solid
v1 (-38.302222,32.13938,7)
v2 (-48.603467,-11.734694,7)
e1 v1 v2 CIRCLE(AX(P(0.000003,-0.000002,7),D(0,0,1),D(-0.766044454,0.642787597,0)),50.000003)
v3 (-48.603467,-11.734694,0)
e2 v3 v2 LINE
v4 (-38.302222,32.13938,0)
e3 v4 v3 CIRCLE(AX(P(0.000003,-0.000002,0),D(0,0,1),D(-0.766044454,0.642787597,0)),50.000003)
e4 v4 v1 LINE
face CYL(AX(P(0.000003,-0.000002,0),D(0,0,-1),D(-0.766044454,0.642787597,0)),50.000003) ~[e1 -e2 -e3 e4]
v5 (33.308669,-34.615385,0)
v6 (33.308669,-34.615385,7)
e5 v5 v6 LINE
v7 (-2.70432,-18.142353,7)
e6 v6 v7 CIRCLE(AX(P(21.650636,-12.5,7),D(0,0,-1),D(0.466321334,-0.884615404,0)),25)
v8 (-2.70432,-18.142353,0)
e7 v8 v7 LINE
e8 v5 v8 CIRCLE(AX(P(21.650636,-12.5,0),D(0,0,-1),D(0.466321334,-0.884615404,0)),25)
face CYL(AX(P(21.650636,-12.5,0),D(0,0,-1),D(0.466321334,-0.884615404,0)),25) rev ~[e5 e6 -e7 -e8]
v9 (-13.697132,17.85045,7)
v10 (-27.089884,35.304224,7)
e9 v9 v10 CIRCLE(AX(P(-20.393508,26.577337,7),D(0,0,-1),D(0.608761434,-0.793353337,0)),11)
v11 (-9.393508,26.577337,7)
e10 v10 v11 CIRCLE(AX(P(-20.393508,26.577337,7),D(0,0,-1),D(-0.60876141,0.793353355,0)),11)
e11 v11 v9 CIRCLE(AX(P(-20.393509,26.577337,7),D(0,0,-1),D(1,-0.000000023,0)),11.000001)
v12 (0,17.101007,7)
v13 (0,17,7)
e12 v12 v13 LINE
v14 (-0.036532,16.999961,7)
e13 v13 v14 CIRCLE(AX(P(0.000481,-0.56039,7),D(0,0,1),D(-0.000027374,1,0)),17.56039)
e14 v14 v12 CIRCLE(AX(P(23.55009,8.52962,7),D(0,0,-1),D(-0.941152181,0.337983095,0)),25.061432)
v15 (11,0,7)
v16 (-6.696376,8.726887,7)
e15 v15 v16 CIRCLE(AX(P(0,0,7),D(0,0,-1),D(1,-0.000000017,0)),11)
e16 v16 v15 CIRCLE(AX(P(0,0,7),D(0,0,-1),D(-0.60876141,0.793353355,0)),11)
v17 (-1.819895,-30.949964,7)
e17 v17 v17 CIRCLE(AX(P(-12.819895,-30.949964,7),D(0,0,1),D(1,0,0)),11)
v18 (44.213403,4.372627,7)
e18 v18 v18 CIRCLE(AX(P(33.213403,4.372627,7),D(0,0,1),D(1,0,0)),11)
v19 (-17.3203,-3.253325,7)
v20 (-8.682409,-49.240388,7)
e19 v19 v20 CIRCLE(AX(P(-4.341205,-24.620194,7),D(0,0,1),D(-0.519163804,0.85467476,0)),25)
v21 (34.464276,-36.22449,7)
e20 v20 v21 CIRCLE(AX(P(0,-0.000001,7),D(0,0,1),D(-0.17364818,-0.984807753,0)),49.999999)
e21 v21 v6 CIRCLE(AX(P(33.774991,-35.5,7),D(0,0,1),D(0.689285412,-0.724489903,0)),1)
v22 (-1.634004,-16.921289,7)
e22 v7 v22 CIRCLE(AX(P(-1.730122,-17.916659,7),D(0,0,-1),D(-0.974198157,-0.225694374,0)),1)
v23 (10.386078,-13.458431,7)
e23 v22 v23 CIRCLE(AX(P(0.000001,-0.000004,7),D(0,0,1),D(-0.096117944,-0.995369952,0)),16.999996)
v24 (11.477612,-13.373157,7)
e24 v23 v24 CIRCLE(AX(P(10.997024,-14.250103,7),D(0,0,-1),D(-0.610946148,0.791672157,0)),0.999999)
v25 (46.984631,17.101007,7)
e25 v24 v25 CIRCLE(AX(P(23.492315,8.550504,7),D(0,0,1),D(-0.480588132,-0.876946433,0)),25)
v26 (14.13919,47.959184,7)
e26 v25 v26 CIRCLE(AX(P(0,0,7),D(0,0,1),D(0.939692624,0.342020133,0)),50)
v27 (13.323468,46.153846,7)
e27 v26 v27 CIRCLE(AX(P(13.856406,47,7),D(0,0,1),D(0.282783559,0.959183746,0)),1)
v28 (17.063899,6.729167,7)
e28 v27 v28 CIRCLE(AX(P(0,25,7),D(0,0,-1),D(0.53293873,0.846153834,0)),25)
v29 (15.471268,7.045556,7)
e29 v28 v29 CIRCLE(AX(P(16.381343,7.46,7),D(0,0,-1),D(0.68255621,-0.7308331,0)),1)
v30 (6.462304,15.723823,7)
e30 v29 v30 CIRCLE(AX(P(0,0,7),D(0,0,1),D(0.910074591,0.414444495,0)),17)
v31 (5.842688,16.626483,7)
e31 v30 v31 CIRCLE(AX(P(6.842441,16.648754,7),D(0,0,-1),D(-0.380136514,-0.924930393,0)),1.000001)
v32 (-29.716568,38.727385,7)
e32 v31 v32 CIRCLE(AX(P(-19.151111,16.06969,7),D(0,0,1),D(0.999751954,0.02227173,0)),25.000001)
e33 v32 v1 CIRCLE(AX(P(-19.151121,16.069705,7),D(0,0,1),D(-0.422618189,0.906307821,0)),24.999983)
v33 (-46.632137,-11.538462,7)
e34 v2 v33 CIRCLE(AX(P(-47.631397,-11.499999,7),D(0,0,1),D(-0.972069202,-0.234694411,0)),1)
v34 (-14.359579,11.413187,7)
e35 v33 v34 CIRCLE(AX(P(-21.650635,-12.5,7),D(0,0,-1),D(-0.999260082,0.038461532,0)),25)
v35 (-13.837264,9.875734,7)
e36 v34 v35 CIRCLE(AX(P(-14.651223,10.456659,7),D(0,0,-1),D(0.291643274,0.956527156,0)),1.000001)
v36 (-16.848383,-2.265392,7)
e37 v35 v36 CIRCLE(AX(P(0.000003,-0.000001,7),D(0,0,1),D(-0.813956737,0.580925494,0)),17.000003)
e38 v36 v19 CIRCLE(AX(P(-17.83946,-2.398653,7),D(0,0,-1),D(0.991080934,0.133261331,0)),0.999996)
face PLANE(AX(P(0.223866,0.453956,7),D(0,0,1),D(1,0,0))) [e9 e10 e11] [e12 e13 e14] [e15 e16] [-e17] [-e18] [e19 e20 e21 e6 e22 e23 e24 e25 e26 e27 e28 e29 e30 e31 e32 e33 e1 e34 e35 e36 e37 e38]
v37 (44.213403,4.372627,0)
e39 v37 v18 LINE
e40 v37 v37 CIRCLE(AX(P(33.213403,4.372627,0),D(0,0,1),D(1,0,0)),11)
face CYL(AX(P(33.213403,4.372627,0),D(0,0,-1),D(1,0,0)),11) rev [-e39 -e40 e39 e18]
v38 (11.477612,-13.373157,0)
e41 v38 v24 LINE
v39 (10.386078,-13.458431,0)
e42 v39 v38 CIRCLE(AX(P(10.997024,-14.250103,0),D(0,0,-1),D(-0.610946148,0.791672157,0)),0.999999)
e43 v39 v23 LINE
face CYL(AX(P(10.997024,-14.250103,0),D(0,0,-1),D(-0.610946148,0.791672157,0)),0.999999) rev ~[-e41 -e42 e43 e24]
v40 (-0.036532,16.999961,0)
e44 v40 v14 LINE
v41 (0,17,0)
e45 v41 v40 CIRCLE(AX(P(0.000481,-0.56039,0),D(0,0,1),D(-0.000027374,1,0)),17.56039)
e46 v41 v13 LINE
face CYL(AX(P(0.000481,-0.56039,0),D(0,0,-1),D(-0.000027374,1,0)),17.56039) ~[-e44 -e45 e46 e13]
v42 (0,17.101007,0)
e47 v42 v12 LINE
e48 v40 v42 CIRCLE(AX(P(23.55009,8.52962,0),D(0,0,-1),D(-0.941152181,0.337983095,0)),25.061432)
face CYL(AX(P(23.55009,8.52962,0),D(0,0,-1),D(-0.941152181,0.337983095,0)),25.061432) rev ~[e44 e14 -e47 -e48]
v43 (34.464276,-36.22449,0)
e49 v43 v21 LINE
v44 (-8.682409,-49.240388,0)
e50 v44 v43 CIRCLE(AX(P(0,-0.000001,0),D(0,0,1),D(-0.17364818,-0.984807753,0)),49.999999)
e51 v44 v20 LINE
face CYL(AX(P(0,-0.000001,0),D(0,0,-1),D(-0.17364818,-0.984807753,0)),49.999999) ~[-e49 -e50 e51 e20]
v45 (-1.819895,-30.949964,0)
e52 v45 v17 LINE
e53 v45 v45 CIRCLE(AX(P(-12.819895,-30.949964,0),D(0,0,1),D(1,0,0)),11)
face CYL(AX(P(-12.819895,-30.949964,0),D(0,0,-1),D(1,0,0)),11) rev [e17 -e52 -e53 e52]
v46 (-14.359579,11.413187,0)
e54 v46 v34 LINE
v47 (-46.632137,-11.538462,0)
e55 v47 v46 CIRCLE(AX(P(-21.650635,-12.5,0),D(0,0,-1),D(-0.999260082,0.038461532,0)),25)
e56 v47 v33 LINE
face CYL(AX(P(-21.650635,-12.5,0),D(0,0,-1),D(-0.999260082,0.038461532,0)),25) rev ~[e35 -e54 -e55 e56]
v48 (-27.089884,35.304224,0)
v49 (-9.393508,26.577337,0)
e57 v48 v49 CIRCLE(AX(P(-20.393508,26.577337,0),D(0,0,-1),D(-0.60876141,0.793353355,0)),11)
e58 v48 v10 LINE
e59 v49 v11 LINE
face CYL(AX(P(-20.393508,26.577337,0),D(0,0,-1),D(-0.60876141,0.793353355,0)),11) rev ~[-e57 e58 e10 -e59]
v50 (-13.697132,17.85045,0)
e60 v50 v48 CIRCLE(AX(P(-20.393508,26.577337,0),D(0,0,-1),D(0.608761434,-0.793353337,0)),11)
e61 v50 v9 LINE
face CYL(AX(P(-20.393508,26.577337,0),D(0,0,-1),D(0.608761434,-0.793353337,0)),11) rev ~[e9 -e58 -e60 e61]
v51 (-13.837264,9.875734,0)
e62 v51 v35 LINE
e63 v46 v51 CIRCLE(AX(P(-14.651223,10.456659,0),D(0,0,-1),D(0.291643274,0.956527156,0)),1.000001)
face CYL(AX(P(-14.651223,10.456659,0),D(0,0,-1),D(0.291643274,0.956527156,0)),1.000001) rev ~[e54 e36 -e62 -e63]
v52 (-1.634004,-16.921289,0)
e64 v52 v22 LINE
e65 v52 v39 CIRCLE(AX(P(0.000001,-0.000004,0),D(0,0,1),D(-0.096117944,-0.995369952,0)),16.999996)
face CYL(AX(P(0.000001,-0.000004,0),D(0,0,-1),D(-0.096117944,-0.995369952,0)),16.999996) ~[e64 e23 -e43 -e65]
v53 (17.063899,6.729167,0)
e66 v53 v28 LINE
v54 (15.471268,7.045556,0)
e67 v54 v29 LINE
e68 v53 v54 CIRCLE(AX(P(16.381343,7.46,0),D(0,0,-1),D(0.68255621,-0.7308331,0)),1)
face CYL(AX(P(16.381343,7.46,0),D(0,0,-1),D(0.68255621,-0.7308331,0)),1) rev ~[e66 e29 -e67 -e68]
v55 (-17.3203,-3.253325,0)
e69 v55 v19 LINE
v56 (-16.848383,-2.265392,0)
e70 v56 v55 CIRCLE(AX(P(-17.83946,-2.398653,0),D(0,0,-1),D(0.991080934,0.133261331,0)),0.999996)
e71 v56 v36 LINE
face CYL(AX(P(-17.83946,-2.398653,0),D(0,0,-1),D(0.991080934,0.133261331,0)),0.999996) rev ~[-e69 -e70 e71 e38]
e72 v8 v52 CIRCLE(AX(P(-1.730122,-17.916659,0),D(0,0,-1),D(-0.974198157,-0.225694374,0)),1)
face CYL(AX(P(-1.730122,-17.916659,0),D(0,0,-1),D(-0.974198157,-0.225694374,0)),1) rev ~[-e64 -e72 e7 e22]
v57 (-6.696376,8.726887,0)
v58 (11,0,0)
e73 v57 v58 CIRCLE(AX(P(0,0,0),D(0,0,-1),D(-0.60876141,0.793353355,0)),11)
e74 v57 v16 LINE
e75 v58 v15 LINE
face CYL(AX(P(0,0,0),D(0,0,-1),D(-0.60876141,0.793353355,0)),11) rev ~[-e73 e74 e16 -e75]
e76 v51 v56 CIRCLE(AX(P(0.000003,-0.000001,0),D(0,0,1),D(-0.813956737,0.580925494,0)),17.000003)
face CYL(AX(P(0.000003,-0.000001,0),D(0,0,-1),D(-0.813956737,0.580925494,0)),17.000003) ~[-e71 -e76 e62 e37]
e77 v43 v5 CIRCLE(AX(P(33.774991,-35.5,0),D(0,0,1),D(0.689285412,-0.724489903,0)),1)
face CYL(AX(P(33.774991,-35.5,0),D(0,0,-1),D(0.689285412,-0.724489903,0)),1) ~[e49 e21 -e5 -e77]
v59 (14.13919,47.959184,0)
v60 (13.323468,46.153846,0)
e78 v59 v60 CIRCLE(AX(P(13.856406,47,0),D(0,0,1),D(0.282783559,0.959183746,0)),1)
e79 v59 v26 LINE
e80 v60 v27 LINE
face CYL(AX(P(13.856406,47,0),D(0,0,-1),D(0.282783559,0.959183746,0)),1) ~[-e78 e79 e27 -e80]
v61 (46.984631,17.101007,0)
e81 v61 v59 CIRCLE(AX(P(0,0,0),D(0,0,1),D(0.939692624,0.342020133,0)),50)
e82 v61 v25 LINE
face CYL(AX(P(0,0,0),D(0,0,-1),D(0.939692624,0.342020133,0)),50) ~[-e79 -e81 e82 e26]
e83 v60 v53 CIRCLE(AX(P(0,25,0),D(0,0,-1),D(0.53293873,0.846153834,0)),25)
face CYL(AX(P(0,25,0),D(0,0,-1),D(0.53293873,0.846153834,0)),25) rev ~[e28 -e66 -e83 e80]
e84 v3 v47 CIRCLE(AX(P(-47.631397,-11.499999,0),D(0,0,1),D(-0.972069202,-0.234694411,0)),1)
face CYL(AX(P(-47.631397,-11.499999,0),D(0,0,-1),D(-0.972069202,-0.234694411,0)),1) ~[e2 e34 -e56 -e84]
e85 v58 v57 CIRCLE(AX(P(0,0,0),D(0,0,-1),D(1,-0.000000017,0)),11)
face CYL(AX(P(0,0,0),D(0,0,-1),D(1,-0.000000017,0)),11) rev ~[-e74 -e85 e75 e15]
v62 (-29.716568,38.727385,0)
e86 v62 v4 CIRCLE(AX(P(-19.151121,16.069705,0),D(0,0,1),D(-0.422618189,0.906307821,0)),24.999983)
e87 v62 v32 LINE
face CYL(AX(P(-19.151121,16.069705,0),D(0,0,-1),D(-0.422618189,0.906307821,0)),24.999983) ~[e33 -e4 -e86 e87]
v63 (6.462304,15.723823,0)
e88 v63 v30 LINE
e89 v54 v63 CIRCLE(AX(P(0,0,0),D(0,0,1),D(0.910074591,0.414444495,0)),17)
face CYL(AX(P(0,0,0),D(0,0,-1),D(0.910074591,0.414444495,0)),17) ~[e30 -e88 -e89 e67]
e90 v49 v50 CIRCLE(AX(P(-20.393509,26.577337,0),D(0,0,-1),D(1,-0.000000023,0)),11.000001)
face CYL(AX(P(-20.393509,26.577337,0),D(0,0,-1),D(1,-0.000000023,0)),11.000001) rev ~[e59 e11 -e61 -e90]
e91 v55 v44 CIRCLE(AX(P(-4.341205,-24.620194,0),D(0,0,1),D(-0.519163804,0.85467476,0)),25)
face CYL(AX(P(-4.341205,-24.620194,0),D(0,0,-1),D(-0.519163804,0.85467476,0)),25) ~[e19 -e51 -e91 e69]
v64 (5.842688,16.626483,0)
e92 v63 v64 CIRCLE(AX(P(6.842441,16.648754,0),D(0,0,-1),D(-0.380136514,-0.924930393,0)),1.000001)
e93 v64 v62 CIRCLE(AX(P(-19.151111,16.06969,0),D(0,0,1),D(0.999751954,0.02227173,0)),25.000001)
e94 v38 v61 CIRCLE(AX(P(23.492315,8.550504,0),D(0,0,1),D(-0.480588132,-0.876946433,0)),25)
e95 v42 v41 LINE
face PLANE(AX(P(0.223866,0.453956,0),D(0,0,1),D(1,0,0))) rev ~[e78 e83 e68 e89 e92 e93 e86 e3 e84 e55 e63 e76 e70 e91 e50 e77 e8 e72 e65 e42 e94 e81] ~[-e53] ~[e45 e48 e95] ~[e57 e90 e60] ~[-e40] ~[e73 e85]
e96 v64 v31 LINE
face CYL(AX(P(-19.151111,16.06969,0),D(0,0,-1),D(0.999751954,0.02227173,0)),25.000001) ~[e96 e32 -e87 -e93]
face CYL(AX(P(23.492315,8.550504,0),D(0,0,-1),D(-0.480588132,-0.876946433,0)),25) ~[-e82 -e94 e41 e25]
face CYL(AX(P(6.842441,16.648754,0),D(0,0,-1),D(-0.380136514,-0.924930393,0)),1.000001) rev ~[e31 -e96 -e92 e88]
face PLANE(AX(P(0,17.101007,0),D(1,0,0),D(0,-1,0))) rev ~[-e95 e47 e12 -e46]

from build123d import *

# Parameters (mm, degrees)
F0_R     = 11
F1_DEPTH = 7


with BuildPart() as f1:
    # F0 (on Top) → F1 (new body)
    with BuildSketch(Plane.XY):
        with BuildLine():
            ThreePointArc((11, 0), (4.865176, 9.8656), (-6.696376, 8.726887))
            ThreePointArc((-6.696376, 8.726887), (-4.865176, -9.8656), (11, 0))
        make_face()
        with BuildLine():
            ThreePointArc((11.477612, -13.373157), (39.774286, -10.420459), (46.984631, 17.101007))
            ThreePointArc((46.984631, 17.101007), (34.235758, 36.440539), (14.13919, 47.959184))
            ThreePointArc((14.13919, 47.959184), (12.945113, 47.411758), (13.323468, 46.153846))
            ThreePointArc((13.323468, 46.153846), (24.888237, 27.361281), (17.063899, 6.729167))
            ThreePointArc((17.063899, 6.729167), (16.186493, 6.479167), (15.471268, 7.045556))
            ThreePointArc((15.471268, 7.045556), (11.794002, 12.243427), (6.462304, 15.723823))
            ThreePointArc((6.462304, 15.723823), (6.017988, 16.082822), (5.842688, 16.626483))
            ThreePointArc((5.842688, 16.626483), (-5.954265, 37.30276), (-29.716568, 38.727385))
            ThreePointArc((-29.716568, 38.727385), (-34.370147, 35.903524), (-38.302222, 32.13938))
            ThreePointArc((-38.302222, 32.13938), (-48.676311, 11.428767), (-48.603467, -11.734694))
            ThreePointArc((-48.603467, -11.734694), (-47.532344, -12.495082), (-46.632137, -11.538462))
            ThreePointArc((-46.632137, -11.538462), (-36.139683, 7.873205), (-14.359579, 11.413187))
            ThreePointArc((-14.359579, 11.413187), (-13.70437, 10.77833), (-13.837264, 9.875734))
            ThreePointArc((-13.837264, 9.875734), (-16.50012, 4.092192), (-16.848383, -2.265392))
            ThreePointArc((-16.848383, -2.265392), (-16.937126, -2.829681), (-17.3203, -3.253325))
            ThreePointArc((-17.3203, -3.253325), (-28.911526, -29.235313), (-8.682409, -49.240388))
            ThreePointArc((-8.682409, -49.240388), (14.440553, -47.869306), (34.464276, -36.22449))
            ThreePointArc((34.464276, -36.22449), (34.58723, -34.916676), (33.308669, -34.615385))
            ThreePointArc((33.308669, -34.615385), (11.251446, -35.234486), (-2.70432, -18.142353))
            ThreePointArc((-2.70432, -18.142353), (-2.482123, -17.257497), (-1.634004, -16.921289))
            ThreePointArc((-1.634004, -16.921289), (4.706118, -16.335619), (10.386078, -13.458431))
            ThreePointArc((10.386078, -13.458431), (10.919138, -13.253141), (11.477612, -13.373157))
        make_face()
        with Locations((-12.819895, -30.949964)):
            Circle(F0_R, mode=Mode.SUBTRACT)
        with BuildLine():
            ThreePointArc((-13.697132, 17.85045), (-29.120395, 19.880961), (-27.089884, 35.304224))
            ThreePointArc((-27.089884, 35.304224), (-15.528332, 36.442937), (-9.393508, 26.577337))
            ThreePointArc((-9.393508, 26.577337), (-10.527908, 21.712161), (-13.697132, 17.85045))
        make_face(mode=Mode.SUBTRACT)
        with BuildLine():
            ThreePointArc((11, 0), (-4.865176, -9.8656), (-6.696376, 8.726887))
            ThreePointArc((-6.696376, 8.726887), (4.865176, 9.8656), (11, 0))
        make_face(mode=Mode.SUBTRACT)
        with BuildLine():
            ThreePointArc((-0.036532, 16.999961), (-0.01832, 17.050504), (0, 17.101007))
            Line((0, 17.101007), (0, 17))
            ThreePointArc((0, 17), (-0.018266, 16.99999), (-0.036532, 16.999961))
        make_face(mode=Mode.SUBTRACT)
        with Locations((33.213403, 4.372627)):
            Circle(F0_R, mode=Mode.SUBTRACT)
    extrude(amount=F1_DEPTH)


solid = f1.part
